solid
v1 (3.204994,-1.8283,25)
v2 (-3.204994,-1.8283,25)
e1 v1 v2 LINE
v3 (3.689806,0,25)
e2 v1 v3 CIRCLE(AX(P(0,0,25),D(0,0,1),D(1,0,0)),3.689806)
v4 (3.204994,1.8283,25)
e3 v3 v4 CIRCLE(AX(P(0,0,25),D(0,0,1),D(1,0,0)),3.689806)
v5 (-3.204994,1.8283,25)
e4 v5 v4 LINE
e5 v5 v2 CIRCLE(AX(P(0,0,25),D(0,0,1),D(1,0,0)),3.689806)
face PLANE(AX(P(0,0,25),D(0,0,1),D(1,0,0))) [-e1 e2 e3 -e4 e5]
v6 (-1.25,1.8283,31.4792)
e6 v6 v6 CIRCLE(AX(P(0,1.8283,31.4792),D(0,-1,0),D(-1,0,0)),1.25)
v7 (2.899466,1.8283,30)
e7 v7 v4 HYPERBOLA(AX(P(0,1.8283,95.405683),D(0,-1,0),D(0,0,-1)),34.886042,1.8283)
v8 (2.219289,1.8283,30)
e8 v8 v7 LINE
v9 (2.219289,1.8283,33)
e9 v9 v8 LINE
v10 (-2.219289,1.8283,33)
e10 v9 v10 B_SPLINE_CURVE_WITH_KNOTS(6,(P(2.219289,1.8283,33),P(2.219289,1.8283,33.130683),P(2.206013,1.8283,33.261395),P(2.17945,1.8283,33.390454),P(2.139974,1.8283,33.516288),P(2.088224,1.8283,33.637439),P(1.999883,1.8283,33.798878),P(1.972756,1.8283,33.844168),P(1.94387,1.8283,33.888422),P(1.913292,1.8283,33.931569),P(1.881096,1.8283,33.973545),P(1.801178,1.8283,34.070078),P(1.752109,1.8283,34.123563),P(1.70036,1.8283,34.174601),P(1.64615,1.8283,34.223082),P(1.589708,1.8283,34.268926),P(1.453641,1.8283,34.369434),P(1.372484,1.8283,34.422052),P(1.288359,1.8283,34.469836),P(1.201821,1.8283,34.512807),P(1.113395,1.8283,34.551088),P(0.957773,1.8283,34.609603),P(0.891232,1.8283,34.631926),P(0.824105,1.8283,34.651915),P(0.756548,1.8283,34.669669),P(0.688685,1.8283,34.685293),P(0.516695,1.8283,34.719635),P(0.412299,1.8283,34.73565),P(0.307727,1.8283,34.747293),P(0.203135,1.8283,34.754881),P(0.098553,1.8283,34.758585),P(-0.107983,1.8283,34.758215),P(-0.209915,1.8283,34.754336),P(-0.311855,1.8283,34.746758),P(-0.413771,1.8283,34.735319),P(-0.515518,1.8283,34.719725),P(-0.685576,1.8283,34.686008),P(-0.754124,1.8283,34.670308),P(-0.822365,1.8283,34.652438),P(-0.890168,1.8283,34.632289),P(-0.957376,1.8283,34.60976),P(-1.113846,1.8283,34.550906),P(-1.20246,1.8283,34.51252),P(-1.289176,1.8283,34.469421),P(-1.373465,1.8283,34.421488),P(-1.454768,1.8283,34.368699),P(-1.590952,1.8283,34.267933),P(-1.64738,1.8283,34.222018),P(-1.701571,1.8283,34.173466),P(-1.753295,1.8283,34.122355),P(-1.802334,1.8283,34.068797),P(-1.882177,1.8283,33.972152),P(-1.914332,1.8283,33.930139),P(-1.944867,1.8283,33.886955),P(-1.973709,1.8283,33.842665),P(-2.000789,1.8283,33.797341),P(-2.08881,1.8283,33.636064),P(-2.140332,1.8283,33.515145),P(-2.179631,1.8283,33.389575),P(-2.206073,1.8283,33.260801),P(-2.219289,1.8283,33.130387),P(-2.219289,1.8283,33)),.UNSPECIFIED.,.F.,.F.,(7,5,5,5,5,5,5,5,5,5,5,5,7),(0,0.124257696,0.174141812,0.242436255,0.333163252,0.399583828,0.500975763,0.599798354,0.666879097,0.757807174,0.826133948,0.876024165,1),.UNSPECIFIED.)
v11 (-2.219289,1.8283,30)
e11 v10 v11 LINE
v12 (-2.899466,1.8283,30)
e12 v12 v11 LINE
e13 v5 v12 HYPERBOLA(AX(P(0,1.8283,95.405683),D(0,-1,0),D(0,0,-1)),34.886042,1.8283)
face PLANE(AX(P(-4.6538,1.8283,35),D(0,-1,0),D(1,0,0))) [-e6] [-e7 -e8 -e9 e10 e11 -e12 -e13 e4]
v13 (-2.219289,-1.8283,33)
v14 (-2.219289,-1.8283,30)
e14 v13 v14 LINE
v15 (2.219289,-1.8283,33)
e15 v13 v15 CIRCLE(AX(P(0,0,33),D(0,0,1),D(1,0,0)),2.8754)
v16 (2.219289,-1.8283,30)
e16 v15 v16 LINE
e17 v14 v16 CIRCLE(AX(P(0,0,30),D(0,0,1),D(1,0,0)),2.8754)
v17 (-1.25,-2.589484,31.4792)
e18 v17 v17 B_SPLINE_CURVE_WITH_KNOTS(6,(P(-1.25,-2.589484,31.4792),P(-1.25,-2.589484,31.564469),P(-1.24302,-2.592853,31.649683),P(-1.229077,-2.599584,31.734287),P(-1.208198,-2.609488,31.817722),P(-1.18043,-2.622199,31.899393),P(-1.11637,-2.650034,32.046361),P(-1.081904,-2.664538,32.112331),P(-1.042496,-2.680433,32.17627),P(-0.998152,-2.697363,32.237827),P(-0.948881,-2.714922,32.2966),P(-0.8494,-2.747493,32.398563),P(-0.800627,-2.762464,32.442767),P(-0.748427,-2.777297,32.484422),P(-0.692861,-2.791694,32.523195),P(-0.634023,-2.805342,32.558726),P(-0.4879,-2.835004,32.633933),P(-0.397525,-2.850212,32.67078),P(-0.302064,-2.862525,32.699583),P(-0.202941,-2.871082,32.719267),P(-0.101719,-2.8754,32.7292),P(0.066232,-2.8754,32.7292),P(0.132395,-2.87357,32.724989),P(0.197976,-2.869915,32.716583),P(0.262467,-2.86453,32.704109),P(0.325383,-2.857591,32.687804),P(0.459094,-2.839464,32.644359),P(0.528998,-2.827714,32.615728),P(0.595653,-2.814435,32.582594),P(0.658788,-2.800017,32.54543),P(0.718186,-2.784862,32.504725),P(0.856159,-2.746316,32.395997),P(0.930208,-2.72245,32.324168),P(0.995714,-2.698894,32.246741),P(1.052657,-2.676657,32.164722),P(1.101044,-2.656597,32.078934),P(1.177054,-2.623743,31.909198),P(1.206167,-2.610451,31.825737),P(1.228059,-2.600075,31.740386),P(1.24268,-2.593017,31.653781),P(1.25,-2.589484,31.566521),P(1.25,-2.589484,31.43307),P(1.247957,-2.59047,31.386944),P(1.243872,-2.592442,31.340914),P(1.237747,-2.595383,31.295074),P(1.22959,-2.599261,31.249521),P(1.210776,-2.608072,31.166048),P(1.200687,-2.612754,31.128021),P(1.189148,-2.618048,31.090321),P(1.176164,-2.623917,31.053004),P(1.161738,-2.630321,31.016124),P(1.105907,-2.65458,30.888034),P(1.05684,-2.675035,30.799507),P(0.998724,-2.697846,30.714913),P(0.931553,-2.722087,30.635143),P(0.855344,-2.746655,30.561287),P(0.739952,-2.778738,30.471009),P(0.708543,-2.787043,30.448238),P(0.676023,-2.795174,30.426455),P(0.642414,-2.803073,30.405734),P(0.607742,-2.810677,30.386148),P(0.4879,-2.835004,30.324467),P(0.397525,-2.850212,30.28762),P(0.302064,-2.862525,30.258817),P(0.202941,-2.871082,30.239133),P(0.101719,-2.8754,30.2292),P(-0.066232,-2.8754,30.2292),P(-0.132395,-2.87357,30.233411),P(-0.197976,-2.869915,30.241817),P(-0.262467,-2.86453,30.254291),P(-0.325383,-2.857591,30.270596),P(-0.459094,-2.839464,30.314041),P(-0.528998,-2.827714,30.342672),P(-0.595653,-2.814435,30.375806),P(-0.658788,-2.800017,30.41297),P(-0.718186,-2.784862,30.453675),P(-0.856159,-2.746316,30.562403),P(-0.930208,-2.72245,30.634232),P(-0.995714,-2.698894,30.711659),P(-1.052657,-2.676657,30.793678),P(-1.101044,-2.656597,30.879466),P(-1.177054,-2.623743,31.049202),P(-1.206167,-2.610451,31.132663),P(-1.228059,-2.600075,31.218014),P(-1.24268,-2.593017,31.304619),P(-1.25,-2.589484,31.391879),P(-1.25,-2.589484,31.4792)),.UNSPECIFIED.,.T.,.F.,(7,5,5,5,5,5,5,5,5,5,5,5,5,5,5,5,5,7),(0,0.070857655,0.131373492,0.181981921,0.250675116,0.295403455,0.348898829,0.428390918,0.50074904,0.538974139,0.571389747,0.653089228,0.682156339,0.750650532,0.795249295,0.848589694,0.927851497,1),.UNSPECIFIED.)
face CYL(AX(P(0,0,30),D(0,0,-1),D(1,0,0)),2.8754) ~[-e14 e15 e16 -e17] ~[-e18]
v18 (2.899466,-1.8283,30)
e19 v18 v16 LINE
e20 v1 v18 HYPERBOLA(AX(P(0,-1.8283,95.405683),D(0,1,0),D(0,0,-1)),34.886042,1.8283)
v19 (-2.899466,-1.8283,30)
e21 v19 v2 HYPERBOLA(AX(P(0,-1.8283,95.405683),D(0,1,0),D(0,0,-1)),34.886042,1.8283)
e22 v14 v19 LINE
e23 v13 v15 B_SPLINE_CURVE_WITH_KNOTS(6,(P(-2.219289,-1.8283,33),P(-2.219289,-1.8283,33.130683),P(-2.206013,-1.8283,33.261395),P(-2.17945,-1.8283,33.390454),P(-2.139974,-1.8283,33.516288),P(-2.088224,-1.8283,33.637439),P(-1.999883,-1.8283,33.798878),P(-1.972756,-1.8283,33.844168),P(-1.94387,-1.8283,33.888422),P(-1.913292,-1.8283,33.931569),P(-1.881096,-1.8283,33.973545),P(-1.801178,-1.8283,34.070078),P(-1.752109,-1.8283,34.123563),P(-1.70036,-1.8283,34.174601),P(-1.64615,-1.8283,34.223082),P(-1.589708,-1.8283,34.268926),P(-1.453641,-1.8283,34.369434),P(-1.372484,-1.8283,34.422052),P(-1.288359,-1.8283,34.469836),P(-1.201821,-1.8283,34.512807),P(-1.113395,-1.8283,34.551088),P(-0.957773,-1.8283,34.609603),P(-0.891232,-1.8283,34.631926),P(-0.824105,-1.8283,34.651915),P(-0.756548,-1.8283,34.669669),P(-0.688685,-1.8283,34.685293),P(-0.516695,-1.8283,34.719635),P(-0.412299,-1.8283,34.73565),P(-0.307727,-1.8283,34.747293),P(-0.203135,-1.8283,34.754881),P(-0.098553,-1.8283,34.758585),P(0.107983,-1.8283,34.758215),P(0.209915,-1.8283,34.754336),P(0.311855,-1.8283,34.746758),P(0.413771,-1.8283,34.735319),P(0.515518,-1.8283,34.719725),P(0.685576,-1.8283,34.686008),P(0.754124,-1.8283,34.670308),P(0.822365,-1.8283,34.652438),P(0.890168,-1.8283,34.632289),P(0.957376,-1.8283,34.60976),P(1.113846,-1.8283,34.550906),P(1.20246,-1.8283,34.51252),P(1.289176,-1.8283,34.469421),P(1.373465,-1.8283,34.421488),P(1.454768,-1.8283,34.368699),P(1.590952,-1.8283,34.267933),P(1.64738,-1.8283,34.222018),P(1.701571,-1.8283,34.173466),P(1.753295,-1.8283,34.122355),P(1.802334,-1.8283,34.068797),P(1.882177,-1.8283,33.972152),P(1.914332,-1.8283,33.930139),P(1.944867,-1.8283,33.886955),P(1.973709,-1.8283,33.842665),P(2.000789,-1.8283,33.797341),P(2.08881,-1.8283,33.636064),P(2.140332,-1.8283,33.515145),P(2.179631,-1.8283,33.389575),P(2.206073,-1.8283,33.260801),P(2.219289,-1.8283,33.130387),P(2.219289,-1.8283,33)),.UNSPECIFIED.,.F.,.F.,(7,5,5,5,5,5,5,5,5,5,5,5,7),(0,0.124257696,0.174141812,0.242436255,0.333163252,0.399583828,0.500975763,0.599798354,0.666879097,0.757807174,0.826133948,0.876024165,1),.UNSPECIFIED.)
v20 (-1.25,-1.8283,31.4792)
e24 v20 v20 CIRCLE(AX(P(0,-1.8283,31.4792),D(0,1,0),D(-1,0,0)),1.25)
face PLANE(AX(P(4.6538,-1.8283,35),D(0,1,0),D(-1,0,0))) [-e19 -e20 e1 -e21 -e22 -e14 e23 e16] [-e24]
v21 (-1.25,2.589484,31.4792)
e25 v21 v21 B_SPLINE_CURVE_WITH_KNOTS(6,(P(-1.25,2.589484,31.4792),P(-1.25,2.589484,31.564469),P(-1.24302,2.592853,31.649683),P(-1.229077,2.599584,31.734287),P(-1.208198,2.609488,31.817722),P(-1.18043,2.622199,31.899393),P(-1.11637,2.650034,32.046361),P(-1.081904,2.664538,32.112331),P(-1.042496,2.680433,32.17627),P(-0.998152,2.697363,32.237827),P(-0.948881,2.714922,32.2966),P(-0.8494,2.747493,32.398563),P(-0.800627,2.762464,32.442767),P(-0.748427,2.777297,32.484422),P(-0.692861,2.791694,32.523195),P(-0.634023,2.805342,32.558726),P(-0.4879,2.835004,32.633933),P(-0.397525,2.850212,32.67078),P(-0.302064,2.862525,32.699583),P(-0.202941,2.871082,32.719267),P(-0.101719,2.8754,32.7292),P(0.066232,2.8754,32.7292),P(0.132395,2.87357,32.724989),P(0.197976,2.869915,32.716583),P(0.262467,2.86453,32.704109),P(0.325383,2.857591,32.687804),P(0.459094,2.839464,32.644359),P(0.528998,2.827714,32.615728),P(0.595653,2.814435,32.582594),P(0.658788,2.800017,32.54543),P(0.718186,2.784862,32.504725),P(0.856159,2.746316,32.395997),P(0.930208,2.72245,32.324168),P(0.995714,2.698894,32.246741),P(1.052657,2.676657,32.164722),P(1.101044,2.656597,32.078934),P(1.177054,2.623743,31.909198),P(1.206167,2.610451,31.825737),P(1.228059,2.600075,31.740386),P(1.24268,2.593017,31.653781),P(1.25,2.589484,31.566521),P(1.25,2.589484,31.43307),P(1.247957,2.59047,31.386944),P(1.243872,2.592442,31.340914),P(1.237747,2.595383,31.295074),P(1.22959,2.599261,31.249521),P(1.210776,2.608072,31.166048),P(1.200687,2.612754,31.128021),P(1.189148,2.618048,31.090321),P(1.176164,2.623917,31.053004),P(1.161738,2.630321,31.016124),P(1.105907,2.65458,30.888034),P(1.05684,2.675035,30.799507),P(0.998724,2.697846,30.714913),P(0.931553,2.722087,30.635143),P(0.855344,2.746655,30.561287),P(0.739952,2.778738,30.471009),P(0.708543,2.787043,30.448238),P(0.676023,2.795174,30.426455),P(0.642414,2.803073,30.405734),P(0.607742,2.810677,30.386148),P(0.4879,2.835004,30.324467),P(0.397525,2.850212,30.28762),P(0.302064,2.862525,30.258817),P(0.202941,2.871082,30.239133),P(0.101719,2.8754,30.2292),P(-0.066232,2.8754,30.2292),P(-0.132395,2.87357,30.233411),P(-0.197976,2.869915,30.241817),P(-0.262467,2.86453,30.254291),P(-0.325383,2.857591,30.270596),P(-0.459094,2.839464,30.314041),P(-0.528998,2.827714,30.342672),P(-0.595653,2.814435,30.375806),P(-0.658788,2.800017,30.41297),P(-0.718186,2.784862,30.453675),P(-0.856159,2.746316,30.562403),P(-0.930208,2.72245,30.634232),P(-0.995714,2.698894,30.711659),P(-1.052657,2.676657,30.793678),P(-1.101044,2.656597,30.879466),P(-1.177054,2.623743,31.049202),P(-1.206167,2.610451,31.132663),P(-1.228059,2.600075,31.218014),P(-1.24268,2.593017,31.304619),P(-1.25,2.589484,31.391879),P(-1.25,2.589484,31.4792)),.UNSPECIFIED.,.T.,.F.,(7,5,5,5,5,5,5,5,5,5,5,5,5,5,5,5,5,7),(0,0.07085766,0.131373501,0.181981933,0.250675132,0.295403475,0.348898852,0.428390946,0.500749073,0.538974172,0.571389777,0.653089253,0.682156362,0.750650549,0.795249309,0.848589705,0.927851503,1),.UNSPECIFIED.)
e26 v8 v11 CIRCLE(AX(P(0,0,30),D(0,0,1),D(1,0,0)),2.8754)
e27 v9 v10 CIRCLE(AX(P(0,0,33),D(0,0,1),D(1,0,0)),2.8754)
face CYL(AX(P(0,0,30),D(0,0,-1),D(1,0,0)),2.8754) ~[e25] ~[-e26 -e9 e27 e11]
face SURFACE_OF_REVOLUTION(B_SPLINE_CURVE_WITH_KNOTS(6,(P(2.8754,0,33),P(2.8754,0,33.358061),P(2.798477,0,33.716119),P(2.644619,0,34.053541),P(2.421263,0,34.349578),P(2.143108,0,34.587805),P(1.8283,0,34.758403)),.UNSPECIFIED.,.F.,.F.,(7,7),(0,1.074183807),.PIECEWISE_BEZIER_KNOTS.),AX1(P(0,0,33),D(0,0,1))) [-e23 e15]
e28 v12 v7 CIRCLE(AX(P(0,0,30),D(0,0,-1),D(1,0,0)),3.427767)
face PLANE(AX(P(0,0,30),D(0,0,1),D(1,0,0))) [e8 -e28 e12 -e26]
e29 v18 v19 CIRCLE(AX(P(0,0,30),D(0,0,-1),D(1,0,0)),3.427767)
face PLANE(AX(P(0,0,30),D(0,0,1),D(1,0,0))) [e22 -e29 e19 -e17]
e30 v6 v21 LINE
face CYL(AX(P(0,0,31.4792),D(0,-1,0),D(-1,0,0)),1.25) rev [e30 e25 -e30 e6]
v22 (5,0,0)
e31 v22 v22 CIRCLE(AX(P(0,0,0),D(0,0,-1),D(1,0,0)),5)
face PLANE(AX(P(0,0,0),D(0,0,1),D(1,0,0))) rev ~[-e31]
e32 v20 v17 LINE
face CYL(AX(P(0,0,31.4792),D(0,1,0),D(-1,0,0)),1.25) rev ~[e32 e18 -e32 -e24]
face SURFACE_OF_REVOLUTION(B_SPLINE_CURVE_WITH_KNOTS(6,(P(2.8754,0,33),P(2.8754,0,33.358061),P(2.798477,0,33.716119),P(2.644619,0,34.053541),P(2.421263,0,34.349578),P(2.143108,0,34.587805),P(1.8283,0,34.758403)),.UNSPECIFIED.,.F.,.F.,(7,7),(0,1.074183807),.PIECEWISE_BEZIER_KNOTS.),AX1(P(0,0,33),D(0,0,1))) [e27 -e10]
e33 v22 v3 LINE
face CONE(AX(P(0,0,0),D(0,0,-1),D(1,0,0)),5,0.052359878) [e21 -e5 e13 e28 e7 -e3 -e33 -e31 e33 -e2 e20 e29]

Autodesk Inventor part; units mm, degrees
ref_plane "YZ Plane" through (0, 0, 0) normal (1, 0, 0) x (0, 1, 0)
ref_plane "XZ Plane" through (0, 0, 0) normal (0, 1, 0) x (-1, 0, 0)
ref_plane "XY Plane" through (0, 0, 0) normal (0, 0, 1) x (1, 0, 0)
sketch "Sketch1" plane through (0, 0, 0) normal (0, 0, 1) x (1, 0, 0)
  circle A0 centre (0, 0) radius 5
  dimension "d0" = 10
extrude "Extrusion1" add sketch "Sketch1" along normal blind 30 draft -3
sketch "Sketch2" plane through (0, 0, 30) normal (0, 0, 1) x (1, 0, 0)
  circle A0 centre (0, 0) radius 2.8754
extrude "Extrusion2" add sketch "Sketch2" along normal blind 5
fillet "Fillet1" radius 2 1 edges at (-2.8754, 0, 35)
sketch "Sketch4" plane through (0, 0, 0) normal (0, 1, 0) x (-1, 0, 0)
  circle A0 centre (0, 31.4792) radius 1.25
  point P0 (0, 0)
  dimension "d8" = 2.5
extrude "Extrusion4" cut sketch "Sketch4" along normal mid plane 10
sketch "Sketch5" plane through (0, 0, 35) normal (0, 0, 1) x (1, 0, 0)
  circle A0 centre (0, 0) radius 5 projected
  line L0 (-4.6538, 1.8283) -> (4.6538, 1.8283)
  line L1 (4.6538, -1.8283) -> (-4.6538, -1.8283)
  arc A1 (-4.6538, 1.8283) -> (-4.6538, -1.8283) centre (0, 0) ccw
  arc A2 (4.6538, -1.8283) -> (4.6538, 1.8283) centre (0, 0) ccw
extrude "Extrusion5" cut sketch "Sketch5" against normal blind 10 contours A0 L1 L0
properties part number "arms"
